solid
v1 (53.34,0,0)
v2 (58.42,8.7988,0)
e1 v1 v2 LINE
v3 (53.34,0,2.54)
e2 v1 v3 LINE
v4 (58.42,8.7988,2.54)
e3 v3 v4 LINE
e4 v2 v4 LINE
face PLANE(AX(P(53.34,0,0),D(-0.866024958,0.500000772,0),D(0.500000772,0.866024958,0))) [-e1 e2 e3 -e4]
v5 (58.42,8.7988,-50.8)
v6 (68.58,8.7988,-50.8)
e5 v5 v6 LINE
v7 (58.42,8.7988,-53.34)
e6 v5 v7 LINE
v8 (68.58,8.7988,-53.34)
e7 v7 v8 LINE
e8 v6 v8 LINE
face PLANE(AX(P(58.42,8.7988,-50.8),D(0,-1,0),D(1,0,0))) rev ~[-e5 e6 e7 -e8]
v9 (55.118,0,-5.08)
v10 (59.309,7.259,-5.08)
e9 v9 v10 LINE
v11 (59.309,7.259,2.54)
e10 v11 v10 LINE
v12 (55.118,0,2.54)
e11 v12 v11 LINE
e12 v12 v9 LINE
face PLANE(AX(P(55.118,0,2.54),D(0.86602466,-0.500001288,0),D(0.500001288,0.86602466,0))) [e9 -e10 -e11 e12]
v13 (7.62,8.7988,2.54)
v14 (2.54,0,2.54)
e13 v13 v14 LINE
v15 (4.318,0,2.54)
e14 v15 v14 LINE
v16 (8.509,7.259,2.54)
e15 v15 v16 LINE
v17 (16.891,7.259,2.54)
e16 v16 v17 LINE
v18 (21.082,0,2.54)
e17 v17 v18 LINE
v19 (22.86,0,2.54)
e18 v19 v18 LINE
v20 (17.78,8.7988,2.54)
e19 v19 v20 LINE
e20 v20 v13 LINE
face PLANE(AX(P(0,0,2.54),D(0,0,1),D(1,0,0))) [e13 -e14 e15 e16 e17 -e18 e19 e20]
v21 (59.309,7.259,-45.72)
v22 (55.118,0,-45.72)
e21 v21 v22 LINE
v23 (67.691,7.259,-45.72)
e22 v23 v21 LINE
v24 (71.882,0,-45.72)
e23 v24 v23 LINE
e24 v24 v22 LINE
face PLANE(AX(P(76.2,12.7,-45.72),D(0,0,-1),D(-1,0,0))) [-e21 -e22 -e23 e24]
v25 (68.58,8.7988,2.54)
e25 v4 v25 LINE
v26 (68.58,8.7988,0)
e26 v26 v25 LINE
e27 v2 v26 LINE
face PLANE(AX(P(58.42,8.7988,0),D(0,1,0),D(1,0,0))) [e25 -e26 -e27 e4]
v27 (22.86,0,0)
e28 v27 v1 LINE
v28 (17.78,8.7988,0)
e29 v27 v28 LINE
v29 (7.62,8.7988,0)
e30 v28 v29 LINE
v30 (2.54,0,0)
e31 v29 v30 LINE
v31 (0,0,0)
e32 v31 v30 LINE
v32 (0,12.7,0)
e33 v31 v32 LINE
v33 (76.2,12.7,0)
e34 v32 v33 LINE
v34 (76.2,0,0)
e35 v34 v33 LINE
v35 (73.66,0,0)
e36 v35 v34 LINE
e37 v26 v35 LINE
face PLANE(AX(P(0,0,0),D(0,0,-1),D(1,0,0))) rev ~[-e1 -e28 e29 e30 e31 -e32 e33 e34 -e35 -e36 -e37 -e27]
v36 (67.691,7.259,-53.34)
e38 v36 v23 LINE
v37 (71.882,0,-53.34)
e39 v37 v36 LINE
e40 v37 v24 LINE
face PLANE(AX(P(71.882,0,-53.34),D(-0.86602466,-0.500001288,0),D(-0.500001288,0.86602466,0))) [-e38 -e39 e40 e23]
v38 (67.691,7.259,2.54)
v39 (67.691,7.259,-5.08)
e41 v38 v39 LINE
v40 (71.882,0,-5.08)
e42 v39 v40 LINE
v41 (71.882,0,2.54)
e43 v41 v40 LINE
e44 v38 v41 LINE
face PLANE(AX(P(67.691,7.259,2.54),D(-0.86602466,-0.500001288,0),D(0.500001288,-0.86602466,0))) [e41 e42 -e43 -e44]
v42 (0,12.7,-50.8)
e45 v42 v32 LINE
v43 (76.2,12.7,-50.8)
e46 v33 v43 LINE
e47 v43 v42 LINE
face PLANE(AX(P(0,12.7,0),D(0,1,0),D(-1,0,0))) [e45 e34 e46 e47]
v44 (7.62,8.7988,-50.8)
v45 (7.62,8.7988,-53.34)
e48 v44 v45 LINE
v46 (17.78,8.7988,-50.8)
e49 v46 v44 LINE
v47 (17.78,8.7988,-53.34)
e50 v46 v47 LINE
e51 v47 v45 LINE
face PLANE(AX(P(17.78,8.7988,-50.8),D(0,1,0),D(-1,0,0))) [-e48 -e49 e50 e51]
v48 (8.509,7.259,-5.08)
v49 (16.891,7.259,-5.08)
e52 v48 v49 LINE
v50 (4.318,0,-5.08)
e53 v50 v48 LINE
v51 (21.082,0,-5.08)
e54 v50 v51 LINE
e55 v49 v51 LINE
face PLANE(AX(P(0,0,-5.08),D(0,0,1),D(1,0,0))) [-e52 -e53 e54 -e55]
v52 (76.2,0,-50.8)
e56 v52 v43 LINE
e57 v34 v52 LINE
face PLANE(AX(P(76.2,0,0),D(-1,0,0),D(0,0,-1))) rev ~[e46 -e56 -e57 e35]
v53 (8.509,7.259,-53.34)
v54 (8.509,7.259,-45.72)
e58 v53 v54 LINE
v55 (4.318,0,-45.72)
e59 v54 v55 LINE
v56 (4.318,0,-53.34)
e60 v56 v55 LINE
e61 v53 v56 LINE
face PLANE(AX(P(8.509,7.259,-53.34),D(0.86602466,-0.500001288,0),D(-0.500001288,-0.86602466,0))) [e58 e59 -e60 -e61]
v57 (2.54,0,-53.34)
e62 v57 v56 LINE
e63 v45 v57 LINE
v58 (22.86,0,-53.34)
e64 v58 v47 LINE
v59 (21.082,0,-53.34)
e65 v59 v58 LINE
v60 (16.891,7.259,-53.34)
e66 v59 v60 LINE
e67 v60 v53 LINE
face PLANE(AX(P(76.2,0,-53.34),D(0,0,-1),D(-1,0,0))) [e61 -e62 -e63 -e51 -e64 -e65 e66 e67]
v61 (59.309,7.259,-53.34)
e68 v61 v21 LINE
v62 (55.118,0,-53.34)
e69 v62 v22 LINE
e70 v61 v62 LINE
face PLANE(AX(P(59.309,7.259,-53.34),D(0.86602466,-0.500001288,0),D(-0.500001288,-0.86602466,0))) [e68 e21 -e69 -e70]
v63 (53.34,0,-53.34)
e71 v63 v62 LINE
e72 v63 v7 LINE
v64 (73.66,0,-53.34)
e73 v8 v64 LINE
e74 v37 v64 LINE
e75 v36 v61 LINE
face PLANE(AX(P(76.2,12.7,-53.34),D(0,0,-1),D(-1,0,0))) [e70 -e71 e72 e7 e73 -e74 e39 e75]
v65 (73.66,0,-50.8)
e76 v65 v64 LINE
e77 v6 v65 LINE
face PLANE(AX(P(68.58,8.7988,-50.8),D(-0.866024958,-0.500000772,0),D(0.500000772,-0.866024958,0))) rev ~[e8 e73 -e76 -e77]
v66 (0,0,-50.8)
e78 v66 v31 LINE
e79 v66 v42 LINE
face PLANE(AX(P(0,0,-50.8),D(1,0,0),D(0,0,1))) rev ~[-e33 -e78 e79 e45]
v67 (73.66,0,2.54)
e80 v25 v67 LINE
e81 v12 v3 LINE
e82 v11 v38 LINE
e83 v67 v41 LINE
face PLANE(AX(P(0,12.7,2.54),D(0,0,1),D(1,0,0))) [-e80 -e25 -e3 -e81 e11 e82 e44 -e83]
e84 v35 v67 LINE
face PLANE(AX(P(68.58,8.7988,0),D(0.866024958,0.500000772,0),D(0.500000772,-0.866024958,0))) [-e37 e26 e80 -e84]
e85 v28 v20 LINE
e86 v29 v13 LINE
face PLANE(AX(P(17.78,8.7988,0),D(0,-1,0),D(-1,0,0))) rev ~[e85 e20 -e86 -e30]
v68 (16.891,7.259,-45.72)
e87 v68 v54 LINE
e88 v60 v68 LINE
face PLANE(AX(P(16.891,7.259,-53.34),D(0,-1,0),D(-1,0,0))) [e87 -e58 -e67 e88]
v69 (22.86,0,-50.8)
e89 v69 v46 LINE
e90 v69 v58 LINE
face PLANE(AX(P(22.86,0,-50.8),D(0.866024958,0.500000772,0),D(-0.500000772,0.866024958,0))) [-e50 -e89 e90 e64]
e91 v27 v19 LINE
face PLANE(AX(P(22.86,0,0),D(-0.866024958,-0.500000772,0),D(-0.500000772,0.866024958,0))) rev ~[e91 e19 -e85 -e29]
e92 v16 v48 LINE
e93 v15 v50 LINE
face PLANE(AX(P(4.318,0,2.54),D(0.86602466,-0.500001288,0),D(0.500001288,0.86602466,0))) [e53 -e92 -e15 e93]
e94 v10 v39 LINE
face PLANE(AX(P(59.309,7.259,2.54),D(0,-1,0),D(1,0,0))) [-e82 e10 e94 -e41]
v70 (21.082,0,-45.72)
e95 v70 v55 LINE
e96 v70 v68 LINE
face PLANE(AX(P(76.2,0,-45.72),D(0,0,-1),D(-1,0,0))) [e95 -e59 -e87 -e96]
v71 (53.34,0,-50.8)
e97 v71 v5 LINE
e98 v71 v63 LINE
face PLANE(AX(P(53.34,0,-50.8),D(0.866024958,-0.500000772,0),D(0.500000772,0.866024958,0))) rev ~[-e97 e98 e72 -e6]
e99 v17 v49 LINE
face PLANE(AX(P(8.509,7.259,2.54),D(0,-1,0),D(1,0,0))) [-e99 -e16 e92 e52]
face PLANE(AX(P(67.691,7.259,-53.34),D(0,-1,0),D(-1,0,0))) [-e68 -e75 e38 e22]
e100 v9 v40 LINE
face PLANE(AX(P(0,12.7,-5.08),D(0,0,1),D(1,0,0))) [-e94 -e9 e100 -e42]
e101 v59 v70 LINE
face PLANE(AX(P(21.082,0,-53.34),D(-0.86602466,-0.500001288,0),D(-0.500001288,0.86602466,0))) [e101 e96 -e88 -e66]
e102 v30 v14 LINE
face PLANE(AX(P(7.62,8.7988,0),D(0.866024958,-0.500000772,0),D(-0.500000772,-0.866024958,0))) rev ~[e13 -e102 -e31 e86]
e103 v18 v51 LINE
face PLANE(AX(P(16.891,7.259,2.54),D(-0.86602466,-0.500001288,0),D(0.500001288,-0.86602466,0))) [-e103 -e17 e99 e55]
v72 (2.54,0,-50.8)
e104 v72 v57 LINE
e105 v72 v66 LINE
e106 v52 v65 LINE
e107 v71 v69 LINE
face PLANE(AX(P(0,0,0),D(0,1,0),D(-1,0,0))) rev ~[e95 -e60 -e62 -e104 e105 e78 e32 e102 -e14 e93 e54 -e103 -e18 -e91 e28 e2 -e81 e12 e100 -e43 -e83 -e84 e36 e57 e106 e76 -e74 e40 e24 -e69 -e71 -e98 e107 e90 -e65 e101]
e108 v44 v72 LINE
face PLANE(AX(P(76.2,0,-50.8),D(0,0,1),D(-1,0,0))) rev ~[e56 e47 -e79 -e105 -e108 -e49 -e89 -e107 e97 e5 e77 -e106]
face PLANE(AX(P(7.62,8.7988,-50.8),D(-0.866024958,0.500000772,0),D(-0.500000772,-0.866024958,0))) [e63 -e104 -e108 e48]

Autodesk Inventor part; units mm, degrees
ref_plane "YZ Plane" through (0, 0, 0) normal (1, 0, 0) x (0, 1, 0)
ref_plane "XZ Plane" through (0, 0, 0) normal (0, 1, 0) x (-1, 0, 0)
ref_plane "XY Plane" through (0, 0, 0) normal (0, 0, 1) x (1, 0, 0)
sketch "Sketch1" plane through (0, 0, 0) normal (0, 1, 0) x (-1, 0, 0)
  line L0 (0, 0) -> (-76.2, 0)
  line L1 (-76.2, 0) -> (-76.2, -50.8)
  line L2 (-76.2, -50.8) -> (0, -50.8)
  line L3 (0, -50.8) -> (0, 0)
  dimension "d0" = 76.2
  dimension "d1" = 50.8
extrude "Extrusion1" add sketch "Sketch1" along normal blind 12.7
sketch "Sketch5" plane through (76.2, 0, -50.8) normal (0, 0, -1) x (-1, 0, 0)
  line L0 (76.2, 0) -> (73.66, 0)
  line L1 (76.2, 0) -> (0, 0) projected
  line L2 (73.66, 0) -> (53.34, 0)
  line L3 (53.34, 0) -> (58.42, 8.7988)
  line L4 (58.42, 8.7988) -> (68.58, 8.7988)
  line L5 (68.58, 8.7988) -> (73.66, 0)
  dimension "d9" = 2.54
  dimension "d10" = 20.32
  dimension "d11" = 10.16
  dimension "d12" = 60
  dimension "d13" = 10.16
extrude "Extrusion2" add sketch "Sketch5" along normal blind 2.54
sketch "Sketch6" plane through (76.2, 12.7, -50.8) normal (0, 0, -1) x (-1, 0, 0)
  line L0 (76.2, -12.7) -> (0, -12.7) projected
  line L1 (0, -12.7) -> (2.54, -12.7)
  line L2 (2.54, -12.7) -> (22.86, -12.7)
  line L3 (22.86, -12.7) -> (17.78, -3.9012)
  line L4 (17.78, -3.9012) -> (7.62, -3.9012)
  line L5 (7.62, -3.9012) -> (2.54, -12.7)
  dimension "d16" = 2.54
  dimension "d17" = 20.32
  dimension "d18" = 10.16
  dimension "d19" = 60
  dimension "d20" = 10.16
extrude "Extrusion3" add sketch "Sketch6" along normal blind 2.54
sketch "Sketch7" plane through (0, 0, 0) normal (0, 0, 1) x (1, 0, 0)
  line L0 (2.54, 0) -> (0, 0) projected
  line L1 (0, 0) -> (2.54, 0)
  line L2 (22.86, 0) -> (2.54, 0) projected
  line L3 (2.54, 0) -> (22.86, 0)
  line L4 (22.86, 0) -> (17.78, 8.7988) projected
  line L5 (22.86, 0) -> (17.78, 8.7988)
  line L6 (17.78, 8.7988) -> (7.62, 8.7988) projected
  line L7 (17.78, 8.7988) -> (7.62, 8.7988)
  line L8 (7.62, 8.7988) -> (2.54, 0) projected
  line L9 (7.62, 8.7988) -> (2.54, 0)
  dimension "d23" = 20.32
  dimension "d24" = 10.16
  dimension "d25" = 60
extrude "Extrusion4" add sketch "Sketch7" along normal blind 2.54
sketch "Sketch8" plane through (0, 12.7, 0) normal (0, 0, 1) x (1, 0, 0)
  line L0 (76.2, -12.7) -> (73.66, -12.7) projected
  line L1 (76.2, -12.7) -> (73.66, -12.7)
  line L2 (53.34, -12.7) -> (58.42, -3.9012) projected
  line L3 (73.66, -12.7) -> (53.34, -12.7)
  line L4 (53.34, -12.7) -> (58.42, -3.9012)
  line L5 (58.42, -3.9012) -> (68.58, -3.9012)
  line L6 (68.58, -3.9012) -> (73.66, -12.7) projected
  line L7 (68.58, -3.9012) -> (73.66, -12.7)
  point P0 (0, -12.7)
  dimension "d28" = 10.16
extrude "Extrusion5" add sketch "Sketch8" along normal blind 2.54
sketch "Sketch10" plane through (76.2, 12.7, -53.34) normal (0, 0, -1) x (-1, 0, 0)
  line L0 (7.62, -3.9012) -> (2.54, -12.7) projected
  line L1 (2.54, -12.7) -> (12.7, -12.7)
  line L2 (2.54, -12.7) -> (22.86, -12.7) projected
  line L3 (2.54, -12.7) -> (4.318, -12.7)
  line L4 (4.318, -12.7) -> (8.509, -5.441)
  line L5 (8.509, -5.441) -> (16.891, -5.441)
  line L6 (16.891, -5.441) -> (21.082, -12.7)
  line L7 (21.082, -12.7) -> (16.891, -19.959)
  line L8 (16.891, -19.959) -> (8.509, -19.959)
  line L9 (8.509, -19.959) -> (4.318, -12.7)
  point P0 (76.2, -12.7)
  dimension "d31" = 1.778
extrude "Extrusion6" cut sketch "Sketch10" against normal blind 7.62
sketch "Sketch11" plane through (76.2, 0, -53.34) normal (0, 0, -1) x (-1, 0, 0)
  line L0 (53.34, 0) -> (73.66, 0) projected
  line L1 (53.34, 0) -> (63.5, 0)
  line L2 (22.86, 0) -> (53.34, 0) projected
  line L3 (53.34, 0) -> (55.118, 0)
  line L4 (55.118, 0) -> (59.309, 7.259)
  line L5 (59.309, 7.259) -> (67.691, 7.259)
  line L6 (67.691, 7.259) -> (71.882, 0)
  line L7 (71.882, 0) -> (67.691, -7.259)
  line L8 (67.691, -7.259) -> (59.309, -7.259)
  line L9 (59.309, -7.259) -> (55.118, 0)
  point P0 (76.2, 0)
  dimension "d34" = 10.16
  dimension "d35" = 1.778
extrude "Extrusion7" cut sketch "Sketch11" against normal blind 7.62
sketch "Sketch12" plane through (0, 0, 2.54) normal (0, 0, 1) x (1, 0, 0)
  line L0 (0, 0) -> (2.54, 0) projected
  line L1 (2.54, 0) -> (12.7, 0)
  line L2 (2.54, 0) -> (22.86, 0) projected
  line L3 (2.54, 0) -> (4.318, 0)
  line L4 (4.318, 0) -> (8.509, 7.259)
  line L5 (8.509, 7.259) -> (16.891, 7.259)
  line L6 (16.891, 7.259) -> (21.082, 0)
  line L7 (21.082, 0) -> (16.891, -7.259)
  line L8 (16.891, -7.259) -> (8.509, -7.259)
  line L9 (8.509, -7.259) -> (4.318, 0)
  dimension "d38" = 10.16
  dimension "d39" = 1.778
extrude "Extrusion8" cut sketch "Sketch12" against normal blind 7.62
sketch "Sketch13" plane through (0, 12.7, 2.54) normal (0, 0, 1) x (1, 0, 0)
  line L0 (22.86, -12.7) -> (53.34, -12.7) projected
  line L1 (53.34, -12.7) -> (63.5, -12.7)
  line L2 (53.34, -12.7) -> (73.66, -12.7) projected
  line L3 (53.34, -12.7) -> (55.118, -12.7)
  line L4 (55.118, -12.7) -> (59.309, -5.441)
  line L5 (59.309, -5.441) -> (67.691, -5.441)
  line L6 (67.691, -5.441) -> (71.882, -12.7)
  line L7 (71.882, -12.7) -> (67.691, -19.959)
  line L8 (67.691, -19.959) -> (59.309, -19.959)
  line L9 (59.309, -19.959) -> (55.118, -12.7)
  point P0 (0, -12.7)
  dimension "d42" = 10.16
  dimension "d43" = 1.778
extrude "Extrusion9" cut sketch "Sketch13" against normal blind 7.62
properties part number "tesla v2"
